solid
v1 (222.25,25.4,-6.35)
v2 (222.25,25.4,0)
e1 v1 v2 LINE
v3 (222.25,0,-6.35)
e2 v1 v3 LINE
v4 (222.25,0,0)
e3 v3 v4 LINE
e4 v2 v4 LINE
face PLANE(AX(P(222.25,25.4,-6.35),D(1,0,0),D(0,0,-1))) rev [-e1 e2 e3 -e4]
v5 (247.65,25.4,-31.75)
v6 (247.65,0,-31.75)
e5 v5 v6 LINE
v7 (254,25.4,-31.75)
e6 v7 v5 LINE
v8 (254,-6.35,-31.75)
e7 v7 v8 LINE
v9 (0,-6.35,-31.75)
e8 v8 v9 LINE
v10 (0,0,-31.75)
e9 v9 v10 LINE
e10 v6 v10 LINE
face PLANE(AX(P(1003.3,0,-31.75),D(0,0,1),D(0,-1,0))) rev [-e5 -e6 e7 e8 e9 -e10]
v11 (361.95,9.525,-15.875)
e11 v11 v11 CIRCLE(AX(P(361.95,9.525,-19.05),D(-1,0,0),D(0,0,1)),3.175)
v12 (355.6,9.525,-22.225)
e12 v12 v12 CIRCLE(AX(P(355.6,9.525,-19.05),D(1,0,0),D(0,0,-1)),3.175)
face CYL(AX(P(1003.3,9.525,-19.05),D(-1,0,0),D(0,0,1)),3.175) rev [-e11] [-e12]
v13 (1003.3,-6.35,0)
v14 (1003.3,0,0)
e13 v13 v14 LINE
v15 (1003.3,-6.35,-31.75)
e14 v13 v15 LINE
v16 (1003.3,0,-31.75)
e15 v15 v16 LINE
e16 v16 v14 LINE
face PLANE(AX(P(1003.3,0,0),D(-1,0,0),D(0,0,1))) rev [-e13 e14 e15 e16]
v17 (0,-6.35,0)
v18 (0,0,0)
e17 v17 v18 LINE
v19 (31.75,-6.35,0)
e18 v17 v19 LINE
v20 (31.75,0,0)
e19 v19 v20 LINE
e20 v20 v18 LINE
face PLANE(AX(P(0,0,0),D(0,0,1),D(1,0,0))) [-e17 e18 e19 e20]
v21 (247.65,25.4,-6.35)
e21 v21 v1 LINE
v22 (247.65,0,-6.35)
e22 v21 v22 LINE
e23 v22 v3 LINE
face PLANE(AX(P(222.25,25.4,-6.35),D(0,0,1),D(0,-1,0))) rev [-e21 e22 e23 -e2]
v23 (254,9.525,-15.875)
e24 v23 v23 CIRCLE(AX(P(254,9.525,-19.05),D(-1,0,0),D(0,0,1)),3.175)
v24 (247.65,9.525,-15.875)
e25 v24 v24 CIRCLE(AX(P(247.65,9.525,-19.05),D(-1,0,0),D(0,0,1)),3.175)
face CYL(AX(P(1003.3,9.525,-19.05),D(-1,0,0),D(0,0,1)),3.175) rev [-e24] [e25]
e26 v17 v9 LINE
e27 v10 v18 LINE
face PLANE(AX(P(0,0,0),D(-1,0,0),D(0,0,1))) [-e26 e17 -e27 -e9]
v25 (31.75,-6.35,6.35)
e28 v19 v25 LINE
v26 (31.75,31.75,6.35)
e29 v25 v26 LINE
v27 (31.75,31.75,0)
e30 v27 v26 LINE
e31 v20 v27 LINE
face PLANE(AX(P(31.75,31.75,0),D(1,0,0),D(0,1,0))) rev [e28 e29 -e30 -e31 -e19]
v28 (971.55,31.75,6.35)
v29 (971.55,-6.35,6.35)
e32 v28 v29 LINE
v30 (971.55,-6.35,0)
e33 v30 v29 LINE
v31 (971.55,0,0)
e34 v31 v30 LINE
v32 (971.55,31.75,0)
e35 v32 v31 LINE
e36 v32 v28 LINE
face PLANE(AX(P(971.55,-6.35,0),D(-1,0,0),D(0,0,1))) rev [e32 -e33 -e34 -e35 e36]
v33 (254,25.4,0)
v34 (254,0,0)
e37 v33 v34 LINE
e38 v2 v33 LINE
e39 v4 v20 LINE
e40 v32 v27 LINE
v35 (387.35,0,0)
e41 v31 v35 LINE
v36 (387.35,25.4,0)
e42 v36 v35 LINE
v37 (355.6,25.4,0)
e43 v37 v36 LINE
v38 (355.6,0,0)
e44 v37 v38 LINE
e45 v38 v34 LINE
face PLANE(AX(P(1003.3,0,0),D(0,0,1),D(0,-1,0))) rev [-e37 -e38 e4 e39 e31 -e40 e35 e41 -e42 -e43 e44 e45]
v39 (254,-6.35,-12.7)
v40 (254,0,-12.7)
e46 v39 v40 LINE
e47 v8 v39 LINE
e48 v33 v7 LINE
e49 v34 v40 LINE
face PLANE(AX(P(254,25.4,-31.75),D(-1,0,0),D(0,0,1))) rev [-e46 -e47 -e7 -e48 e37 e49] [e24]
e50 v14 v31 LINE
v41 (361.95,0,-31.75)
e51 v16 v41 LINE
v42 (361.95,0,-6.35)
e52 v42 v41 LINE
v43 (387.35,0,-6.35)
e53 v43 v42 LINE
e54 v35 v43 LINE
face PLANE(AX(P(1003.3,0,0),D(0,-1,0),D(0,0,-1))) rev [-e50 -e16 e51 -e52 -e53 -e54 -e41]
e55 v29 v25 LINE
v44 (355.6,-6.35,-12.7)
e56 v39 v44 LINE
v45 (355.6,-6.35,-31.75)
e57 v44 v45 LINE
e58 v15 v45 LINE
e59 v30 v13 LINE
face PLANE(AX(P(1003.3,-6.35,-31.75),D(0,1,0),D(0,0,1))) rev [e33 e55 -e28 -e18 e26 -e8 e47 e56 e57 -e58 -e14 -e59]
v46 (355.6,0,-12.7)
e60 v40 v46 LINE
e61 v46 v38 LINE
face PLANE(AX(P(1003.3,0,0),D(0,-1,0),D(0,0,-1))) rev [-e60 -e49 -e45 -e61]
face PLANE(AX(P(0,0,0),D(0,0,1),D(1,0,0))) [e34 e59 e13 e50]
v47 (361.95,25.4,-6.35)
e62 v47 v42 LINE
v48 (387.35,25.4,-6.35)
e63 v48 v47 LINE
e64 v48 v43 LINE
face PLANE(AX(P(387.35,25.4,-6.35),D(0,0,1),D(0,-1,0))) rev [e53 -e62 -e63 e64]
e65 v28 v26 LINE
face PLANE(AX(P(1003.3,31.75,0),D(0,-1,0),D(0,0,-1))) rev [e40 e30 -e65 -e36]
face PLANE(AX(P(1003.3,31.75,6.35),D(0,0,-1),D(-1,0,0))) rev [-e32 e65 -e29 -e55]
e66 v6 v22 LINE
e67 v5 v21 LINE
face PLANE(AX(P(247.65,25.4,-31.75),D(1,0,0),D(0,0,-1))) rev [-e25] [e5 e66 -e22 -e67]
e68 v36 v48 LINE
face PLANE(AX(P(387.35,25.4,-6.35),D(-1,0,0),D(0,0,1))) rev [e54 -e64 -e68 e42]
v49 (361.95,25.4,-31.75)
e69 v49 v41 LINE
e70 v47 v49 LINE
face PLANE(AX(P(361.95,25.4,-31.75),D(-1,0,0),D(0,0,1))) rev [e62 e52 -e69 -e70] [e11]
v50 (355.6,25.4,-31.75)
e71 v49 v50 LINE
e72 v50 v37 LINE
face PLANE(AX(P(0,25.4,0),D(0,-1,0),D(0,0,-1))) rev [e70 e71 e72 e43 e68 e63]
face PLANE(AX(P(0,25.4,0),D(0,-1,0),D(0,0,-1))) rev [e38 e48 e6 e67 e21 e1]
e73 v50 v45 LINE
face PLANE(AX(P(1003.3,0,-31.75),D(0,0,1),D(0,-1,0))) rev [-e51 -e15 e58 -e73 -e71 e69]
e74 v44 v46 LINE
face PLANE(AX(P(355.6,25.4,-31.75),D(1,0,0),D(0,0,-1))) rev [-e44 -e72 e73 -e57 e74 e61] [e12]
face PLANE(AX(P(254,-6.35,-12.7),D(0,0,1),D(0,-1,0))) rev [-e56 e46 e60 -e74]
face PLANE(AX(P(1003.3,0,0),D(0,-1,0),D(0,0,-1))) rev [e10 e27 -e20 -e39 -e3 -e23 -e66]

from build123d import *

# Parameters (mm, degrees)
BOSS_EXTRUDE1_DEPTH = 1003.3
BOSS_EXTRUDE2_DEPTH = 25.4
SKETCH3_W           = 101.6
SKETCH3_H           = 19.05
CUT_EXTRUDE1_DEPTH  = 7.35
SKETCH4_R           = 3.175
CUT_EXTRUDE2_DEPTH  = 756.65
SKETCH5_W           = 31.75
SKETCH5_H           = 38.1
CUT_EXTRUDE3_DEPTH  = 6.35


with BuildPart() as part:
    # Sketch1 → Boss-Extrude1 (new body)
    with BuildSketch(Plane(origin=(0, 0, 0), x_dir=(0, 0, -1), z_dir=(1, 0, 0))):
        Polygon((0, 0), (0, 31.75), (-6.35, 31.75), (-6.35, -6.35), (31.75, -6.35), (31.75, 0), align=None)
    extrude(amount=BOSS_EXTRUDE1_DEPTH)

    # Sketch2 → Boss-Extrude2 (add)
    with BuildSketch(Plane(origin=(0, 0, 0), x_dir=(1, 0, 0), z_dir=(0, 1, 0))):
        Polygon((247.65, 31.75), (254, 31.75), (254, 0), (222.25, 0), (222.25, 6.35), (247.65, 6.35), align=None)
        Polygon((387.35, 6.35), (387.35, 0), (355.6, 0), (355.6, 31.75), (361.95, 31.75), (361.95, 6.35), align=None)
    extrude(amount=BOSS_EXTRUDE2_DEPTH)

    # Sketch3 → Cut-Extrude1 (cut, through all)
    with BuildSketch(Plane(origin=(0, 0, 0), x_dir=(1, 0, 0), z_dir=(0, 1, 0))):
        with Locations((304.8, 22.225)):
            Rectangle(SKETCH3_W, SKETCH3_H)
    extrude(amount=-CUT_EXTRUDE1_DEPTH, mode=Mode.SUBTRACT)

    # Sketch4 → Cut-Extrude2 (cut, through all)
    with BuildSketch(Plane.ZY.offset(-247.65)):
        with Locations((-19.05, 9.525)):
            Circle(SKETCH4_R)
    extrude(amount=-CUT_EXTRUDE2_DEPTH, mode=Mode.SUBTRACT)

    # Sketch5 → Cut-Extrude3 (cut)
    with BuildSketch(Plane.XY.offset(6.35)):
        with Locations((15.875, 12.7)):
            Rectangle(SKETCH5_W, SKETCH5_H)
        with Locations((987.425, 12.7)):
            Rectangle(SKETCH5_W, SKETCH5_H)
    extrude(amount=-CUT_EXTRUDE3_DEPTH, mode=Mode.SUBTRACT)


solid = part.part
